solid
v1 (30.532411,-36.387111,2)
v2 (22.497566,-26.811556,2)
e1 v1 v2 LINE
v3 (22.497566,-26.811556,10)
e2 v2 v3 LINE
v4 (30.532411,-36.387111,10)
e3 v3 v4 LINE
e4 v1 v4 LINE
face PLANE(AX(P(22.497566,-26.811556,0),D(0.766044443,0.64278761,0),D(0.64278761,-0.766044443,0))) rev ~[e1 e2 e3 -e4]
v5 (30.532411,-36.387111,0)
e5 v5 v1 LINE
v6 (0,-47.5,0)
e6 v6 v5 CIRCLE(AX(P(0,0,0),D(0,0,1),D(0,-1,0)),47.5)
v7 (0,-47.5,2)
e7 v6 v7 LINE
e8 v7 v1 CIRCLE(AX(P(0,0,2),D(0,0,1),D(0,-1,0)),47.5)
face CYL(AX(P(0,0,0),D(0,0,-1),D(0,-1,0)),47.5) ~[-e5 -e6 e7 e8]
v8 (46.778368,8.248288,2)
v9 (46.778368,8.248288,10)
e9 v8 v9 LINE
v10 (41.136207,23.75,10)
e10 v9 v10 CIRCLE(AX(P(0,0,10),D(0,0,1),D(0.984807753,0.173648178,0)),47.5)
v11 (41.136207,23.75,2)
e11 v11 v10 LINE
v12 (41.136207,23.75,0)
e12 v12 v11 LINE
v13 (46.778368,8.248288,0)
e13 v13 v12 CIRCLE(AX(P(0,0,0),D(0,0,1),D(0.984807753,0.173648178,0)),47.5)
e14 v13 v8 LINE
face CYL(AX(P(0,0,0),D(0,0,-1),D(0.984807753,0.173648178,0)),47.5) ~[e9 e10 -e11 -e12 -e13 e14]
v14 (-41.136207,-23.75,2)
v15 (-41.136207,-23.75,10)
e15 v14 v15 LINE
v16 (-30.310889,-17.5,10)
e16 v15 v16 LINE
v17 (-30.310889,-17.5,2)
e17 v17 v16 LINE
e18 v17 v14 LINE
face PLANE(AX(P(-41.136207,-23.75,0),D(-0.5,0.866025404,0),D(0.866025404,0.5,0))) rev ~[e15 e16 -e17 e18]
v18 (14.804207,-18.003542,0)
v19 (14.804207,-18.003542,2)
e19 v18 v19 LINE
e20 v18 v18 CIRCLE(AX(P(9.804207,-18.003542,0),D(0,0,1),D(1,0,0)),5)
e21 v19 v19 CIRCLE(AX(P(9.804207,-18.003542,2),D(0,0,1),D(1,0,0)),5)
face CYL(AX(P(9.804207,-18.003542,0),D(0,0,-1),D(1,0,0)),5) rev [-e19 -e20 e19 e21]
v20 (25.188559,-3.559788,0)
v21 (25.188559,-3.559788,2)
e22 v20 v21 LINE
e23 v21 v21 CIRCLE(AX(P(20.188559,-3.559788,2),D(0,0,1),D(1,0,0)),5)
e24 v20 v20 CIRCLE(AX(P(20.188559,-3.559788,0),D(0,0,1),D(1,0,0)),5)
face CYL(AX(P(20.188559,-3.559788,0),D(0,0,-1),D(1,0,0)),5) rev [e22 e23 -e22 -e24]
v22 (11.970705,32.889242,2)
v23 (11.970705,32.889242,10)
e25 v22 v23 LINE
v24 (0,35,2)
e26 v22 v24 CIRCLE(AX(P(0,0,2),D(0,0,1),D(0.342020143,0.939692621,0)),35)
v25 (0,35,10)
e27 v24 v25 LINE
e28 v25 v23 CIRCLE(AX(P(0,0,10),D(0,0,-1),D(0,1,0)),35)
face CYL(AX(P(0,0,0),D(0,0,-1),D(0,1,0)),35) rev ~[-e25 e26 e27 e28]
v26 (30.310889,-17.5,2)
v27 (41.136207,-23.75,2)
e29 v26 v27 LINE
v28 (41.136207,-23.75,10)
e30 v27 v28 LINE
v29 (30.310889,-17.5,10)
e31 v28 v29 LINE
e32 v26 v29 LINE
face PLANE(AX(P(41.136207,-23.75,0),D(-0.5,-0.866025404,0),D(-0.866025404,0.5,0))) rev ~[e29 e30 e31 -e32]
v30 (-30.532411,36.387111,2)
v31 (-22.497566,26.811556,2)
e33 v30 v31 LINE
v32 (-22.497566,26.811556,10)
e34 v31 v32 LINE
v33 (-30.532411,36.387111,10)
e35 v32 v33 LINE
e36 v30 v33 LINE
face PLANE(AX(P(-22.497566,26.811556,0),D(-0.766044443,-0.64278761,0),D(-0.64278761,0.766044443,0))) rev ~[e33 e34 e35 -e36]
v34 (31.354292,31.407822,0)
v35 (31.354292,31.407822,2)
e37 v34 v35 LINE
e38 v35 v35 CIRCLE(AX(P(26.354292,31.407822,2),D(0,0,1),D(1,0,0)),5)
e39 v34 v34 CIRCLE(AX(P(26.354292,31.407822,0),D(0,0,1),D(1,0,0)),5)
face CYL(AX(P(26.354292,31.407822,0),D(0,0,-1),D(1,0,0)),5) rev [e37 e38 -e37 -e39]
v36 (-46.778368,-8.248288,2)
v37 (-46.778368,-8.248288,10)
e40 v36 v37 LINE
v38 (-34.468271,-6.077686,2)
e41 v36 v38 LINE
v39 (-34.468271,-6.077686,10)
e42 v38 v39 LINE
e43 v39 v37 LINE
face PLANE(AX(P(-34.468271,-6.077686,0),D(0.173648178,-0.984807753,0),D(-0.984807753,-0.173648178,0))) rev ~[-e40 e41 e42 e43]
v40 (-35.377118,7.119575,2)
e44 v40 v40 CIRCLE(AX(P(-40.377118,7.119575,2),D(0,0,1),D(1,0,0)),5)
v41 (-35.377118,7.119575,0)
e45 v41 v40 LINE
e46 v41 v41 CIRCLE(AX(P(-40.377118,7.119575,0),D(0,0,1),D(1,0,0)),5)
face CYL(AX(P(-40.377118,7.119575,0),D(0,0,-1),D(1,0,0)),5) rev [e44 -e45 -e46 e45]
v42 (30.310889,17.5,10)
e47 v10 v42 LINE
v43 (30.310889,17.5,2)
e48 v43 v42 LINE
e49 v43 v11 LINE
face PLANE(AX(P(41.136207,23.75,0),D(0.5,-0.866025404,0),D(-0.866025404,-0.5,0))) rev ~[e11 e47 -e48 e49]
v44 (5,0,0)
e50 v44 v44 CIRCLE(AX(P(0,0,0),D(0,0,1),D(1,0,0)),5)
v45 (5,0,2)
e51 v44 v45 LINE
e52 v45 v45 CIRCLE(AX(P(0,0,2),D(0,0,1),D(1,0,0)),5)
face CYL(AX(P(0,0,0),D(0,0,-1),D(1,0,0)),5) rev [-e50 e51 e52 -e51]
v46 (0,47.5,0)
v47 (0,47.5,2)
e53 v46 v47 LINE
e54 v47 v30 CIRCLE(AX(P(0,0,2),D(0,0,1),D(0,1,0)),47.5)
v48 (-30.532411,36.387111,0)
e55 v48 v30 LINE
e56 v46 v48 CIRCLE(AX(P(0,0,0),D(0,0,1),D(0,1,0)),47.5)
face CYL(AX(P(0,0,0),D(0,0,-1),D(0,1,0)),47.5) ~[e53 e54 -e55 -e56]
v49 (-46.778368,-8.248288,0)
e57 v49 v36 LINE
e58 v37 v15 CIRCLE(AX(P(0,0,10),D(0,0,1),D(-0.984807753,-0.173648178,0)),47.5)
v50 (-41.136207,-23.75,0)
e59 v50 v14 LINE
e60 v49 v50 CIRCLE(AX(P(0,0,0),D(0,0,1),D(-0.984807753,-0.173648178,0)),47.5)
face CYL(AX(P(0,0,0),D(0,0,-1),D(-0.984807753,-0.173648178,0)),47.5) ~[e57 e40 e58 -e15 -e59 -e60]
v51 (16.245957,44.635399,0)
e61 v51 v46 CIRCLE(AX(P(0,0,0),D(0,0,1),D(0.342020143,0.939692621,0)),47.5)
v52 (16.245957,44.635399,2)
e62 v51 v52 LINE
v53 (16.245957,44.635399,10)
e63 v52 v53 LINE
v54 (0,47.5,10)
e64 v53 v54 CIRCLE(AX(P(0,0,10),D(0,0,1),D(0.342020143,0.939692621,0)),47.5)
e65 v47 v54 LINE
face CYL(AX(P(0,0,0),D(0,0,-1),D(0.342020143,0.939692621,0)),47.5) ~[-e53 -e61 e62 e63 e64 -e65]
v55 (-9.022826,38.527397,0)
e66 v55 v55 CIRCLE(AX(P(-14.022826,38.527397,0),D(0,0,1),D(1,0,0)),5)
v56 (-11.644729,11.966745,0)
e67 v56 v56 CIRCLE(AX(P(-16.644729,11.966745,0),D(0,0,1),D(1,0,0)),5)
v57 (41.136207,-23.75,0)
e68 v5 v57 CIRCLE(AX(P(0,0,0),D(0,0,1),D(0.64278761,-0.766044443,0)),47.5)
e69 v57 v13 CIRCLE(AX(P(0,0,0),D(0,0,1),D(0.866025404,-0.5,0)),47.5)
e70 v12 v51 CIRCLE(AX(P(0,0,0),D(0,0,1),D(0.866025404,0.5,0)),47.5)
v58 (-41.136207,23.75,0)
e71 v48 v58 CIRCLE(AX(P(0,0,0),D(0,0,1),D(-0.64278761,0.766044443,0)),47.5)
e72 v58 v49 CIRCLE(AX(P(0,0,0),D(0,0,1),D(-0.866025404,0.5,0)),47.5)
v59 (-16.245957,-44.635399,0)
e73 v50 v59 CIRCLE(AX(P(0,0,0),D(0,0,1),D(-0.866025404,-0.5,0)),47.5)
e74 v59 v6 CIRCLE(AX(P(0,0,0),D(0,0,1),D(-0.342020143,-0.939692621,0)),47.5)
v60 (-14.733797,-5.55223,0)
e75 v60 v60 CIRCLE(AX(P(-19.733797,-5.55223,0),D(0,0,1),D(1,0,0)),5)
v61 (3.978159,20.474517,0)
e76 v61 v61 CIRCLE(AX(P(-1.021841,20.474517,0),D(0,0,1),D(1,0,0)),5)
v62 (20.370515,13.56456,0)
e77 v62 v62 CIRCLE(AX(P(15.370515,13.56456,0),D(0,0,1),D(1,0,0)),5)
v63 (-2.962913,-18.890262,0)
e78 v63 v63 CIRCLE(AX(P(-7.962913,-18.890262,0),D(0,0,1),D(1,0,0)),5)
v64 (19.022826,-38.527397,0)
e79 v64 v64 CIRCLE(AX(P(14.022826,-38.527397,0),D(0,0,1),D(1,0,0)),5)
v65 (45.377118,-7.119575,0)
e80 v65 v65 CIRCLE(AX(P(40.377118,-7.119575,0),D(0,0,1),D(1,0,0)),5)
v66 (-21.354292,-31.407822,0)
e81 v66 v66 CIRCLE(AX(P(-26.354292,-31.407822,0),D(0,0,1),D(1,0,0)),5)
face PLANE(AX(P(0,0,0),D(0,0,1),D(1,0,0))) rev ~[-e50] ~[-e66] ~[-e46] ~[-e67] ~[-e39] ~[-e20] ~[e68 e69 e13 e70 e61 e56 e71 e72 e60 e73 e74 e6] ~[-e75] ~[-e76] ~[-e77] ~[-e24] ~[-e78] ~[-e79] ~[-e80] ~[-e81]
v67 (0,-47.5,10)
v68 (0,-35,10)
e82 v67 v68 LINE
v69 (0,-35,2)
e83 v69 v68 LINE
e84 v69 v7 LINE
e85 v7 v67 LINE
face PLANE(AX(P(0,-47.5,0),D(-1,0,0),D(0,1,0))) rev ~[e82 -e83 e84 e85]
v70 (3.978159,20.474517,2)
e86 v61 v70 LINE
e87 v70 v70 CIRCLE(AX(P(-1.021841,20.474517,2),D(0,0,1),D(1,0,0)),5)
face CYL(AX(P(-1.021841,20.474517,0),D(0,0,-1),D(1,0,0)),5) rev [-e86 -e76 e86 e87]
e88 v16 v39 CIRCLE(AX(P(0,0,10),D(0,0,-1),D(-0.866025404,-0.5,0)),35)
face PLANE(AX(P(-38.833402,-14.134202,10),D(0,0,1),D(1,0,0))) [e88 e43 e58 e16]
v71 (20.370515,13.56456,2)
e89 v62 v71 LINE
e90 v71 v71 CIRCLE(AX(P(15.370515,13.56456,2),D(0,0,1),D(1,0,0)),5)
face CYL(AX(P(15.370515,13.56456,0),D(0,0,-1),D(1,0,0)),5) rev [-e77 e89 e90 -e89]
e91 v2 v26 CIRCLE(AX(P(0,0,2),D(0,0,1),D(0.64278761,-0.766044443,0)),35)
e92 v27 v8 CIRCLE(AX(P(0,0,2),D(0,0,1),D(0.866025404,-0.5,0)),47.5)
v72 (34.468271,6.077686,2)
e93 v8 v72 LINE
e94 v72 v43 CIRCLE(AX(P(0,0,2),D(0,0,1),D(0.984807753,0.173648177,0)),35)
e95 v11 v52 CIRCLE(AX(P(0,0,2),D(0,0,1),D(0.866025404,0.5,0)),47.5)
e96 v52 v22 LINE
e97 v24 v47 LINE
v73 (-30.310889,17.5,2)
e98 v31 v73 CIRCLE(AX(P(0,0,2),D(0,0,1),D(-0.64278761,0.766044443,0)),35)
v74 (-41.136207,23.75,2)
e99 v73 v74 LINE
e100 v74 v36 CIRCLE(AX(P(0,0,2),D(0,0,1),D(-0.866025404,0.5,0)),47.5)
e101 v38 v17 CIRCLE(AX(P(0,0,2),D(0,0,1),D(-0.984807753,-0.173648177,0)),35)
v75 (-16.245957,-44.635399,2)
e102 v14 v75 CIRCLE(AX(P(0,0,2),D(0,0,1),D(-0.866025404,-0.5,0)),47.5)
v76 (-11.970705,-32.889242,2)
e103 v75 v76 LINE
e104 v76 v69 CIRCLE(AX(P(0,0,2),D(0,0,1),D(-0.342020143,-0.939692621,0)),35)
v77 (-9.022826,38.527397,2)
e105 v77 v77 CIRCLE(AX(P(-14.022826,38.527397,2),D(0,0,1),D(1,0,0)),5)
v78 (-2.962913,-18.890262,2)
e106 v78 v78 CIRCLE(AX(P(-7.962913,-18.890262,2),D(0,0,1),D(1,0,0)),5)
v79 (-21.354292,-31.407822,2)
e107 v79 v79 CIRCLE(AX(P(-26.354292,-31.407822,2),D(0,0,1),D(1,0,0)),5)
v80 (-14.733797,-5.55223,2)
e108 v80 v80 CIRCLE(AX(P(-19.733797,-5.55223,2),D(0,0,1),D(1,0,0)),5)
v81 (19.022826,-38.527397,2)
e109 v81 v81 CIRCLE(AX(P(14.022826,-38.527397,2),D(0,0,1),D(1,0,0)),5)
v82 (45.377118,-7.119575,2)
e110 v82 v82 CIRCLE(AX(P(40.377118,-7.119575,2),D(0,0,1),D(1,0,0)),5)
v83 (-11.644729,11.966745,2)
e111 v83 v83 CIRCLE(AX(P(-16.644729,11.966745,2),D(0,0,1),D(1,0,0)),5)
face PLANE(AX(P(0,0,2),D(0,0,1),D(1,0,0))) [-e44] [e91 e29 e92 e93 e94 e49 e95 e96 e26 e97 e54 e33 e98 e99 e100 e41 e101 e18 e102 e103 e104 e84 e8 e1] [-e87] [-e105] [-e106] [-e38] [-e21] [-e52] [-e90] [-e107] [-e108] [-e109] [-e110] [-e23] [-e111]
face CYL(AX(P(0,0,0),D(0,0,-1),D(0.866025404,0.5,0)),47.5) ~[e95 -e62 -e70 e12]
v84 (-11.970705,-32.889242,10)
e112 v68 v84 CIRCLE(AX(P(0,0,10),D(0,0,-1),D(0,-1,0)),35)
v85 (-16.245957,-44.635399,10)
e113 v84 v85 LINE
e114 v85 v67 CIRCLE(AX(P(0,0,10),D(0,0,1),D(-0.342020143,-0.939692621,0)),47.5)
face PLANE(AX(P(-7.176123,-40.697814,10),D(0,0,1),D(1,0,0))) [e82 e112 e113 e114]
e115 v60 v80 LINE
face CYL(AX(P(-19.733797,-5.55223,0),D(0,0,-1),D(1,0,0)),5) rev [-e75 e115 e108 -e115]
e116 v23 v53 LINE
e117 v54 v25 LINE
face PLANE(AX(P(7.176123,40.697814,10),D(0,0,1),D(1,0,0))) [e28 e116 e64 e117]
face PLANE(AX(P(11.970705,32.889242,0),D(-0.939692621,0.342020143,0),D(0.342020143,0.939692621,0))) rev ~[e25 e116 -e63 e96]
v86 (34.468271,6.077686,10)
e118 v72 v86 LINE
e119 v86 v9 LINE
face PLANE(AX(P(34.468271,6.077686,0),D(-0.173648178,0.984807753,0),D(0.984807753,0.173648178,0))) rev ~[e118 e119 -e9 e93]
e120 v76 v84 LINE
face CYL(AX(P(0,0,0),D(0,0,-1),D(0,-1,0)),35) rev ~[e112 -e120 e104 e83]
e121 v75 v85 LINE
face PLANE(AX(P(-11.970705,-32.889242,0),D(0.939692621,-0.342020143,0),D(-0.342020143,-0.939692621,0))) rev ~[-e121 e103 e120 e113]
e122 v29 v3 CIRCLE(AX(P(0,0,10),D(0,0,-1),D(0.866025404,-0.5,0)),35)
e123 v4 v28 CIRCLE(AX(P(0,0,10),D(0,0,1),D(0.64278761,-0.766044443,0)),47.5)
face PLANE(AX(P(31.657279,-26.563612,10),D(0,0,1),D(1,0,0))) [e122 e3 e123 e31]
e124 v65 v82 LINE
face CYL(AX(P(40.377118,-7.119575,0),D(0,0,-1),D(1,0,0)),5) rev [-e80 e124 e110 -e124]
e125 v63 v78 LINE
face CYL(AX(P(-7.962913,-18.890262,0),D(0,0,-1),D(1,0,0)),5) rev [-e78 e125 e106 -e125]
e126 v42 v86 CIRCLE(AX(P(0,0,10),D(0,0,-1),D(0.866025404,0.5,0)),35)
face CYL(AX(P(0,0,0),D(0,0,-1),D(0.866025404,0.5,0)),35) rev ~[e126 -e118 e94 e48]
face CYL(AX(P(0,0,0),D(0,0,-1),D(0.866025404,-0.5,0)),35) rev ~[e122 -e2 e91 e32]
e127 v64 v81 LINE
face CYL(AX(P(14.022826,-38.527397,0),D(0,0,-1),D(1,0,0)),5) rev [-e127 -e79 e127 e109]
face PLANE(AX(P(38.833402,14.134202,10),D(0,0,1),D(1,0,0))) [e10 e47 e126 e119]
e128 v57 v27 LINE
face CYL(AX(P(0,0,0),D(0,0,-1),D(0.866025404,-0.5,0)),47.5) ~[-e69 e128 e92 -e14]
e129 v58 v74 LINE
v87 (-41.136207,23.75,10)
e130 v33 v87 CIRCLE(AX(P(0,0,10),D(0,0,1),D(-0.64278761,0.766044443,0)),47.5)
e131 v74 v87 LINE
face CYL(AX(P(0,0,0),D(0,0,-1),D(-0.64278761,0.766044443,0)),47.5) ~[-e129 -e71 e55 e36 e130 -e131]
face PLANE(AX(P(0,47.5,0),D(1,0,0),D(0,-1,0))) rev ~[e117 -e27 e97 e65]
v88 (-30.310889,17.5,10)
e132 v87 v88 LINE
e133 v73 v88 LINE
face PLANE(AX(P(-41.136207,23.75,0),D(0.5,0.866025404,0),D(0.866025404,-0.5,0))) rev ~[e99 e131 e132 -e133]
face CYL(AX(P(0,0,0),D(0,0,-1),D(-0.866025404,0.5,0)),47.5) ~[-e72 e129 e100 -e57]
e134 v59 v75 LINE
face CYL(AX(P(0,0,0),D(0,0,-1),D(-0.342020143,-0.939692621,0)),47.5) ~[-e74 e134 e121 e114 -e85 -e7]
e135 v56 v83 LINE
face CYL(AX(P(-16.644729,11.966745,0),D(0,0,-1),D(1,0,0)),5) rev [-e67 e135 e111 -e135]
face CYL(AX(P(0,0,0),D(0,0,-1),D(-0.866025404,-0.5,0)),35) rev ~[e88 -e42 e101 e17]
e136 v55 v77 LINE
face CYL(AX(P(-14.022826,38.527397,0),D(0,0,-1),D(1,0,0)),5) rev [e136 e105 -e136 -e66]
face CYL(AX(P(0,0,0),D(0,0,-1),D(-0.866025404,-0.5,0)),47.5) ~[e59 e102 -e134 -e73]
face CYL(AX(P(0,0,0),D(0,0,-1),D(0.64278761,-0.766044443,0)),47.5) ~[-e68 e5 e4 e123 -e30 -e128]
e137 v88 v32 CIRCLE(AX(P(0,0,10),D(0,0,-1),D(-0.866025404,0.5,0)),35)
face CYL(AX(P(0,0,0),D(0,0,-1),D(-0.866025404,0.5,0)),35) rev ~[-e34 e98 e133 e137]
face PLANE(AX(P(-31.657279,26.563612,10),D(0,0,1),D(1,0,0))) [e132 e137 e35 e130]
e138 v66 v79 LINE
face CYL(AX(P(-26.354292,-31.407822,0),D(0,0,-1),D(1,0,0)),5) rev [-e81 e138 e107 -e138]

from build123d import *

# Parameters (mm, degrees)
SKETCH1_R           = 5
BOSS_EXTRUDE1_DEPTH = 2
BOSS_EXTRUDE2_DEPTH = 10


with BuildPart() as part:
    # Sketch1 → Boss-Extrude1 (new body)
    with BuildSketch(Plane.XY):
        with BuildLine():
            ThreePointArc((0, 47.5), (-16.245956808, 44.635399487), (-30.53241146, 36.387111048))
            Line((-30.53241146, 36.387111048), (-22.497566339, 26.811555509))
            ThreePointArc((-22.497566339, 26.811555509), (-26.811555509, 22.497566339), (-30.310889132, 17.5))
            Line((-30.310889132, 17.5), (-41.13620668, 23.75))
            ThreePointArc((-41.13620668, 23.75), (-46.778368268, 8.248288439), (-46.778368268, -8.248288439))
            Line((-46.778368268, -8.248288439), (-34.468271355, -6.077686218))
            ThreePointArc((-34.468271355, -6.077686218), (-32.889241728, -11.970705016), (-30.310889132, -17.5))
            Line((-30.310889132, -17.5), (-41.13620668, -23.75))
            ThreePointArc((-41.13620668, -23.75), (-30.53241146, -36.387111048), (-16.245956808, -44.635399487))
            Line((-16.245956808, -44.635399487), (-11.970705016, -32.889241728))
            ThreePointArc((-11.970705016, -32.889241728), (-6.077686218, -34.468271355), (0, -35))
            Line((0, -35), (0, -47.5))
            ThreePointArc((0, -47.5), (16.245956808, -44.635399487), (30.53241146, -36.387111048))
            Line((30.53241146, -36.387111048), (22.497566339, -26.811555509))
            ThreePointArc((22.497566339, -26.811555509), (26.811555509, -22.497566339), (30.310889132, -17.5))
            Line((30.310889132, -17.5), (41.13620668, -23.75))
            ThreePointArc((41.13620668, -23.75), (46.778368268, -8.248288439), (46.778368268, 8.248288439))
            Line((46.778368268, 8.248288439), (34.468271355, 6.077686218))
            ThreePointArc((34.468271355, 6.077686218), (32.889241728, 11.970705016), (30.310889132, 17.5))
            Line((30.310889132, 17.5), (41.13620668, 23.75))
            ThreePointArc((41.13620668, 23.75), (30.53241146, 36.387111048), (16.245956808, 44.635399487))
            Line((16.245956808, 44.635399487), (11.970705016, 32.889241728))
            ThreePointArc((11.970705016, 32.889241728), (6.077686218, 34.468271355), (0, 35))
            Line((0, 35), (0, 47.5))
        make_face()
        with Locations((-14.022825876, 38.527397452)):
            Circle(SKETCH1_R, mode=Mode.SUBTRACT)
        with Locations((15.370514661, 13.564559671)):
            Circle(SKETCH1_R, mode=Mode.SUBTRACT)
        with Locations((-7.962913324, -18.890262343)):
            Circle(SKETCH1_R, mode=Mode.SUBTRACT)
        with Locations((-19.733797062, -5.552229597)):
            Circle(SKETCH1_R, mode=Mode.SUBTRACT)
        with Locations((9.804206562, -18.003542254)):
            Circle(SKETCH1_R, mode=Mode.SUBTRACT)
        with Locations((20.188558937, -3.559787642)):
            Circle(SKETCH1_R, mode=Mode.SUBTRACT)
        with Locations((-16.644729117, 11.966745281)):
            Circle(SKETCH1_R, mode=Mode.SUBTRACT)
        with Locations((-1.021840656, 20.474516885)):
            Circle(SKETCH1_R, mode=Mode.SUBTRACT)
        Circle(SKETCH1_R, mode=Mode.SUBTRACT)
        with Locations((26.354291997, 31.407822168)):
            Circle(SKETCH1_R, mode=Mode.SUBTRACT)
        with Locations((40.377117874, -7.119575284)):
            Circle(SKETCH1_R, mode=Mode.SUBTRACT)
        with Locations((14.022825876, -38.527397452)):
            Circle(SKETCH1_R, mode=Mode.SUBTRACT)
        with Locations((-26.354291997, -31.407822168)):
            Circle(SKETCH1_R, mode=Mode.SUBTRACT)
        with Locations((-40.377117874, 7.119575284)):
            Circle(SKETCH1_R, mode=Mode.SUBTRACT)
    extrude(amount=BOSS_EXTRUDE1_DEPTH)

    # Sketch1<3> → Boss-Extrude2 (add)
    with BuildSketch(Plane.XY):
        with BuildLine():
            Line((0, 47.5), (0, 35))
            ThreePointArc((0, 35), (6.077686218, 34.468271355), (11.970705016, 32.889241728))
            Line((11.970705016, 32.889241728), (16.245956808, 44.635399487))
            ThreePointArc((16.245956808, 44.635399487), (8.248288439, 46.778368268), (0, 47.5))
        make_face()
        with BuildLine():
            ThreePointArc((-30.310889132, 17.5), (-26.811555509, 22.497566339), (-22.497566339, 26.811555509))
            Line((-22.497566339, 26.811555509), (-30.53241146, 36.387111048))
            ThreePointArc((-30.53241146, 36.387111048), (-36.387111048, 30.53241146), (-41.13620668, 23.75))
            Line((-41.13620668, 23.75), (-30.310889132, 17.5))
        make_face()
        with BuildLine():
            Line((41.13620668, 23.75), (30.310889132, 17.5))
            ThreePointArc((30.310889132, 17.5), (32.889241728, 11.970705016), (34.468271355, 6.077686218))
            Line((34.468271355, 6.077686218), (46.778368268, 8.248288439))
            ThreePointArc((46.778368268, 8.248288439), (44.635399487, 16.245956808), (41.13620668, 23.75))
        make_face()
        with BuildLine():
            ThreePointArc((-30.310889132, -17.5), (-32.889241728, -11.970705016), (-34.468271355, -6.077686218))
            Line((-34.468271355, -6.077686218), (-46.778368268, -8.248288439))
            ThreePointArc((-46.778368268, -8.248288439), (-44.635399487, -16.245956808), (-41.13620668, -23.75))
            Line((-41.13620668, -23.75), (-30.310889132, -17.5))
        make_face()
        with BuildLine():
            Line((41.13620668, -23.75), (30.310889132, -17.5))
            ThreePointArc((30.310889132, -17.5), (26.811555509, -22.497566339), (22.497566339, -26.811555509))
            Line((22.497566339, -26.811555509), (30.53241146, -36.387111048))
            ThreePointArc((30.53241146, -36.387111048), (36.387111048, -30.53241146), (41.13620668, -23.75))
        make_face()
        with BuildLine():
            ThreePointArc((0, -35), (-6.077686218, -34.468271355), (-11.970705016, -32.889241728))
            Line((-11.970705016, -32.889241728), (-16.245956808, -44.635399487))
            ThreePointArc((-16.245956808, -44.635399487), (-8.248288439, -46.778368268), (0, -47.5))
            Line((0, -47.5), (0, -35))
        make_face()
    extrude(amount=BOSS_EXTRUDE2_DEPTH)


solid = part.part
